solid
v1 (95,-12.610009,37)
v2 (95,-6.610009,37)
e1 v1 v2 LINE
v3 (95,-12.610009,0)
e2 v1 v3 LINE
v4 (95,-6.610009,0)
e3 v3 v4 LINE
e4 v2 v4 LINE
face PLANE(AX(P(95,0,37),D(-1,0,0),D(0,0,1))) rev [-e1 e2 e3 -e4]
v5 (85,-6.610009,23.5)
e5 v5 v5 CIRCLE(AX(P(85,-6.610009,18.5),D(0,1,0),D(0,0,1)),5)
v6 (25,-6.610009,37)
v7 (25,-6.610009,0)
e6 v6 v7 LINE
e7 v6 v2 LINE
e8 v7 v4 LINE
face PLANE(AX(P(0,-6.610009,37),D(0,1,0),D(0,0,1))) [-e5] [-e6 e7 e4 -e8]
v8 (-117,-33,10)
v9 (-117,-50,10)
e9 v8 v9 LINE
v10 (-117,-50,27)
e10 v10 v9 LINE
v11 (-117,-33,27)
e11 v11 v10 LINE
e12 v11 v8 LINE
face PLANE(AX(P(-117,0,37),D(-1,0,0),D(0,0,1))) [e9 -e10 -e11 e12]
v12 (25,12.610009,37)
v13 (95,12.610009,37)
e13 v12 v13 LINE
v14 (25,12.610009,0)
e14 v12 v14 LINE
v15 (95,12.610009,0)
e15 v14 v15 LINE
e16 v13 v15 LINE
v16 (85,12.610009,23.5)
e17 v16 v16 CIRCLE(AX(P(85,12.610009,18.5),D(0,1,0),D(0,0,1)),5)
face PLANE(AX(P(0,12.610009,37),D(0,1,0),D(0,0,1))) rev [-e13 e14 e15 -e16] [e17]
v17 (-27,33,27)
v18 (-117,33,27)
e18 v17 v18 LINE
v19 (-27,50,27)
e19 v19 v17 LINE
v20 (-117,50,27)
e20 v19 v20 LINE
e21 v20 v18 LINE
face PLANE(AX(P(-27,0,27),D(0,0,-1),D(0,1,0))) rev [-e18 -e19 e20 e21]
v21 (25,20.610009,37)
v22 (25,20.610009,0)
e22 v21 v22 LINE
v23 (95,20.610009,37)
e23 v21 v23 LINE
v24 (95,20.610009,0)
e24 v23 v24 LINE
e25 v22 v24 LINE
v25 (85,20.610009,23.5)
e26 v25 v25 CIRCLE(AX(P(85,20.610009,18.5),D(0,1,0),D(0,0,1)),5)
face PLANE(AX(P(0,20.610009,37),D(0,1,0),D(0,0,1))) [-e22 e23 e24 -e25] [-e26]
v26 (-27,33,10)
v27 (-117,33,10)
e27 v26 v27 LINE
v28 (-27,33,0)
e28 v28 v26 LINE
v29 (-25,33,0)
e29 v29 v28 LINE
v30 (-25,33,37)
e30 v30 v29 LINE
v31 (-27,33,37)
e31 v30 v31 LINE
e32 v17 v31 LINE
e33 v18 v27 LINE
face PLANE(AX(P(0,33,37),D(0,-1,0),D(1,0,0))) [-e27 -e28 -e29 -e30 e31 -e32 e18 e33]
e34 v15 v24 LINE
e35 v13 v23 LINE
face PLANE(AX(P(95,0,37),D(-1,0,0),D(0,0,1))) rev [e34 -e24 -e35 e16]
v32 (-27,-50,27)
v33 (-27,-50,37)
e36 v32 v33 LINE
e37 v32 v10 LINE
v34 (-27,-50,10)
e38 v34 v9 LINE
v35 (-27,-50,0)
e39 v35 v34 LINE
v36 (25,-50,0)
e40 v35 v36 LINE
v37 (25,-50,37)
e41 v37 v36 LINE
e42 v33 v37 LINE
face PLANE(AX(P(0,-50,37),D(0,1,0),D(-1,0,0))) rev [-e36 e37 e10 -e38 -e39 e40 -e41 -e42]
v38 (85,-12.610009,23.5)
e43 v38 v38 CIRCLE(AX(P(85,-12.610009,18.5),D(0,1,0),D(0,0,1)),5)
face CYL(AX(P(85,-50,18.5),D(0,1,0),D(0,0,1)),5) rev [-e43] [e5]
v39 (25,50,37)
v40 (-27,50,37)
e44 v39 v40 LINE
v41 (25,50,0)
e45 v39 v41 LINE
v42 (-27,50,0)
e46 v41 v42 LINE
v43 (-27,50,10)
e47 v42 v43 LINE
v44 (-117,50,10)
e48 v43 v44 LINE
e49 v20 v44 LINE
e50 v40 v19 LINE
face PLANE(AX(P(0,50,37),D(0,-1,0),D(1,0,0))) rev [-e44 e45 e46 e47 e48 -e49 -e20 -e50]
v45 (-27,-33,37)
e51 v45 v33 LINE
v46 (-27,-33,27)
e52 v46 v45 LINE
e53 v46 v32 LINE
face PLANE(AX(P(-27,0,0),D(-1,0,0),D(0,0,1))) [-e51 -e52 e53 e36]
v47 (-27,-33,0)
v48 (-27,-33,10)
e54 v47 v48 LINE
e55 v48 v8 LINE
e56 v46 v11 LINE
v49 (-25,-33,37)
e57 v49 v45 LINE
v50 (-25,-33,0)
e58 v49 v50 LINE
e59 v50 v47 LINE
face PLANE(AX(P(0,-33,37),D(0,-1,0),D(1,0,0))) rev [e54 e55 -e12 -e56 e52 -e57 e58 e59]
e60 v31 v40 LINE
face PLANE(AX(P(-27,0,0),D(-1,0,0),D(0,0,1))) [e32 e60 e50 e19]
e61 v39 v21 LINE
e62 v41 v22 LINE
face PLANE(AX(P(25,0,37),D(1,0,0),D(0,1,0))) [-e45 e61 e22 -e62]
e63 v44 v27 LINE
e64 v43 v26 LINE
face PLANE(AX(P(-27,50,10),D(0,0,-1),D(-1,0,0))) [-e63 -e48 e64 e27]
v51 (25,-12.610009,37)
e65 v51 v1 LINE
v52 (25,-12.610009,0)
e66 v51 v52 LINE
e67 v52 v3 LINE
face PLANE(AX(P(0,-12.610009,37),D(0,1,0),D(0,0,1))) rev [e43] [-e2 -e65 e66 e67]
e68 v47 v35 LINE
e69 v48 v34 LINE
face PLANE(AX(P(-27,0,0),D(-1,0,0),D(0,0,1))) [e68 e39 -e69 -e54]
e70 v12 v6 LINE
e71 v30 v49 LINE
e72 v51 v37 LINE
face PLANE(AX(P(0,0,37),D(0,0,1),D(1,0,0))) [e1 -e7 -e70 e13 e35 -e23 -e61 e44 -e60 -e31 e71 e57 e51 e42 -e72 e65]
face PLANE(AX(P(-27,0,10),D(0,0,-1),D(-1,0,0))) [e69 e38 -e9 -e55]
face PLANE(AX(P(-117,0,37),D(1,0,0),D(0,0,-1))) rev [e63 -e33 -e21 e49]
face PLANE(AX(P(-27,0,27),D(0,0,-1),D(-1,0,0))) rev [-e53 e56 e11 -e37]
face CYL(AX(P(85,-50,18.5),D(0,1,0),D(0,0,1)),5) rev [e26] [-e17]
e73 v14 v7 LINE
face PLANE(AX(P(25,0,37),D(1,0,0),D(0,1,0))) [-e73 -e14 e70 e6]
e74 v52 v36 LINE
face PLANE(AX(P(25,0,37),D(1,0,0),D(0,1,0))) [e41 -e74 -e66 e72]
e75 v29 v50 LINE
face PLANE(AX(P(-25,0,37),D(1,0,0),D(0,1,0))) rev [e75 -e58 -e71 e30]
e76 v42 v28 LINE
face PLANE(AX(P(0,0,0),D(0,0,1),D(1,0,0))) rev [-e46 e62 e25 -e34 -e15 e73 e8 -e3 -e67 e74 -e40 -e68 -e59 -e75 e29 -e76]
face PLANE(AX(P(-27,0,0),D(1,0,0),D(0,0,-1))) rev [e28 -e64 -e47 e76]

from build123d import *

# Parameters (mm, degrees)
SKETCH_1_W          = 92
SKETCH_1_H          = 17
SKETCH_1_W_2        = 70
SKETCH_1_H_2        = 8
SKETCH_1_H_3        = 6
EXTRUDE_1_DEPTH     = 37
SKETCH_2_R          = 5
CUT_EXTRUDE_1_DEPTH = 142.57603411
SKETCH_3_W          = 10
SKETCH_3_H          = 17
CUT_EXTRUDE_2_DEPTH = 90


with BuildPart() as part:
    # 草图1 → 凸台-拉伸1 (new body)
    with BuildSketch(Plane.XY):
        with Locations((-71, 41.5)):
            Rectangle(SKETCH_1_W, SKETCH_1_H)
        with Locations((-71, -41.5)):
            Rectangle(SKETCH_1_W, SKETCH_1_H)
        with Locations((60, 16.610009448)):
            Rectangle(SKETCH_1_W_2, SKETCH_1_H_2)
        with Locations((60, -9.610009448)):
            Rectangle(SKETCH_1_W_2, SKETCH_1_H_3)
        Polygon((25, 50), (-25, 50), (-25, 33), (-25, -33), (-25, -50), (25, -50), (25, -12.610009448), (25, -6.610009448), (25, 12.610009448), (25, 20.610009448), align=None)
    extrude(amount=EXTRUDE_1_DEPTH)

    # 草图2 → 切除-拉伸1 (cut, through all)
    with BuildSketch(Plane(origin=(0, 20.610009448, 0), x_dir=(1, 0, 0), z_dir=(0, 1, 0))):
        with Locations(Location((85, -18.5, 0), (0, 0, 270))):
            Circle(SKETCH_2_R)
    extrude(amount=-CUT_EXTRUDE_1_DEPTH, mode=Mode.SUBTRACT)

    # 草图3 → 切除-拉伸2 (cut)
    with BuildSketch(Plane.ZY.offset(117)):
        with Locations((5, -41.5)):
            Rectangle(SKETCH_3_W, SKETCH_3_H)
        with Locations((32, -41.5)):
            Rectangle(SKETCH_3_W, SKETCH_3_H)
        with Locations((32, 41.5)):
            Rectangle(SKETCH_3_W, SKETCH_3_H)
        with Locations((5, 41.5)):
            Rectangle(SKETCH_3_W, SKETCH_3_H)
    extrude(amount=-CUT_EXTRUDE_2_DEPTH, mode=Mode.SUBTRACT)


solid = part.part
